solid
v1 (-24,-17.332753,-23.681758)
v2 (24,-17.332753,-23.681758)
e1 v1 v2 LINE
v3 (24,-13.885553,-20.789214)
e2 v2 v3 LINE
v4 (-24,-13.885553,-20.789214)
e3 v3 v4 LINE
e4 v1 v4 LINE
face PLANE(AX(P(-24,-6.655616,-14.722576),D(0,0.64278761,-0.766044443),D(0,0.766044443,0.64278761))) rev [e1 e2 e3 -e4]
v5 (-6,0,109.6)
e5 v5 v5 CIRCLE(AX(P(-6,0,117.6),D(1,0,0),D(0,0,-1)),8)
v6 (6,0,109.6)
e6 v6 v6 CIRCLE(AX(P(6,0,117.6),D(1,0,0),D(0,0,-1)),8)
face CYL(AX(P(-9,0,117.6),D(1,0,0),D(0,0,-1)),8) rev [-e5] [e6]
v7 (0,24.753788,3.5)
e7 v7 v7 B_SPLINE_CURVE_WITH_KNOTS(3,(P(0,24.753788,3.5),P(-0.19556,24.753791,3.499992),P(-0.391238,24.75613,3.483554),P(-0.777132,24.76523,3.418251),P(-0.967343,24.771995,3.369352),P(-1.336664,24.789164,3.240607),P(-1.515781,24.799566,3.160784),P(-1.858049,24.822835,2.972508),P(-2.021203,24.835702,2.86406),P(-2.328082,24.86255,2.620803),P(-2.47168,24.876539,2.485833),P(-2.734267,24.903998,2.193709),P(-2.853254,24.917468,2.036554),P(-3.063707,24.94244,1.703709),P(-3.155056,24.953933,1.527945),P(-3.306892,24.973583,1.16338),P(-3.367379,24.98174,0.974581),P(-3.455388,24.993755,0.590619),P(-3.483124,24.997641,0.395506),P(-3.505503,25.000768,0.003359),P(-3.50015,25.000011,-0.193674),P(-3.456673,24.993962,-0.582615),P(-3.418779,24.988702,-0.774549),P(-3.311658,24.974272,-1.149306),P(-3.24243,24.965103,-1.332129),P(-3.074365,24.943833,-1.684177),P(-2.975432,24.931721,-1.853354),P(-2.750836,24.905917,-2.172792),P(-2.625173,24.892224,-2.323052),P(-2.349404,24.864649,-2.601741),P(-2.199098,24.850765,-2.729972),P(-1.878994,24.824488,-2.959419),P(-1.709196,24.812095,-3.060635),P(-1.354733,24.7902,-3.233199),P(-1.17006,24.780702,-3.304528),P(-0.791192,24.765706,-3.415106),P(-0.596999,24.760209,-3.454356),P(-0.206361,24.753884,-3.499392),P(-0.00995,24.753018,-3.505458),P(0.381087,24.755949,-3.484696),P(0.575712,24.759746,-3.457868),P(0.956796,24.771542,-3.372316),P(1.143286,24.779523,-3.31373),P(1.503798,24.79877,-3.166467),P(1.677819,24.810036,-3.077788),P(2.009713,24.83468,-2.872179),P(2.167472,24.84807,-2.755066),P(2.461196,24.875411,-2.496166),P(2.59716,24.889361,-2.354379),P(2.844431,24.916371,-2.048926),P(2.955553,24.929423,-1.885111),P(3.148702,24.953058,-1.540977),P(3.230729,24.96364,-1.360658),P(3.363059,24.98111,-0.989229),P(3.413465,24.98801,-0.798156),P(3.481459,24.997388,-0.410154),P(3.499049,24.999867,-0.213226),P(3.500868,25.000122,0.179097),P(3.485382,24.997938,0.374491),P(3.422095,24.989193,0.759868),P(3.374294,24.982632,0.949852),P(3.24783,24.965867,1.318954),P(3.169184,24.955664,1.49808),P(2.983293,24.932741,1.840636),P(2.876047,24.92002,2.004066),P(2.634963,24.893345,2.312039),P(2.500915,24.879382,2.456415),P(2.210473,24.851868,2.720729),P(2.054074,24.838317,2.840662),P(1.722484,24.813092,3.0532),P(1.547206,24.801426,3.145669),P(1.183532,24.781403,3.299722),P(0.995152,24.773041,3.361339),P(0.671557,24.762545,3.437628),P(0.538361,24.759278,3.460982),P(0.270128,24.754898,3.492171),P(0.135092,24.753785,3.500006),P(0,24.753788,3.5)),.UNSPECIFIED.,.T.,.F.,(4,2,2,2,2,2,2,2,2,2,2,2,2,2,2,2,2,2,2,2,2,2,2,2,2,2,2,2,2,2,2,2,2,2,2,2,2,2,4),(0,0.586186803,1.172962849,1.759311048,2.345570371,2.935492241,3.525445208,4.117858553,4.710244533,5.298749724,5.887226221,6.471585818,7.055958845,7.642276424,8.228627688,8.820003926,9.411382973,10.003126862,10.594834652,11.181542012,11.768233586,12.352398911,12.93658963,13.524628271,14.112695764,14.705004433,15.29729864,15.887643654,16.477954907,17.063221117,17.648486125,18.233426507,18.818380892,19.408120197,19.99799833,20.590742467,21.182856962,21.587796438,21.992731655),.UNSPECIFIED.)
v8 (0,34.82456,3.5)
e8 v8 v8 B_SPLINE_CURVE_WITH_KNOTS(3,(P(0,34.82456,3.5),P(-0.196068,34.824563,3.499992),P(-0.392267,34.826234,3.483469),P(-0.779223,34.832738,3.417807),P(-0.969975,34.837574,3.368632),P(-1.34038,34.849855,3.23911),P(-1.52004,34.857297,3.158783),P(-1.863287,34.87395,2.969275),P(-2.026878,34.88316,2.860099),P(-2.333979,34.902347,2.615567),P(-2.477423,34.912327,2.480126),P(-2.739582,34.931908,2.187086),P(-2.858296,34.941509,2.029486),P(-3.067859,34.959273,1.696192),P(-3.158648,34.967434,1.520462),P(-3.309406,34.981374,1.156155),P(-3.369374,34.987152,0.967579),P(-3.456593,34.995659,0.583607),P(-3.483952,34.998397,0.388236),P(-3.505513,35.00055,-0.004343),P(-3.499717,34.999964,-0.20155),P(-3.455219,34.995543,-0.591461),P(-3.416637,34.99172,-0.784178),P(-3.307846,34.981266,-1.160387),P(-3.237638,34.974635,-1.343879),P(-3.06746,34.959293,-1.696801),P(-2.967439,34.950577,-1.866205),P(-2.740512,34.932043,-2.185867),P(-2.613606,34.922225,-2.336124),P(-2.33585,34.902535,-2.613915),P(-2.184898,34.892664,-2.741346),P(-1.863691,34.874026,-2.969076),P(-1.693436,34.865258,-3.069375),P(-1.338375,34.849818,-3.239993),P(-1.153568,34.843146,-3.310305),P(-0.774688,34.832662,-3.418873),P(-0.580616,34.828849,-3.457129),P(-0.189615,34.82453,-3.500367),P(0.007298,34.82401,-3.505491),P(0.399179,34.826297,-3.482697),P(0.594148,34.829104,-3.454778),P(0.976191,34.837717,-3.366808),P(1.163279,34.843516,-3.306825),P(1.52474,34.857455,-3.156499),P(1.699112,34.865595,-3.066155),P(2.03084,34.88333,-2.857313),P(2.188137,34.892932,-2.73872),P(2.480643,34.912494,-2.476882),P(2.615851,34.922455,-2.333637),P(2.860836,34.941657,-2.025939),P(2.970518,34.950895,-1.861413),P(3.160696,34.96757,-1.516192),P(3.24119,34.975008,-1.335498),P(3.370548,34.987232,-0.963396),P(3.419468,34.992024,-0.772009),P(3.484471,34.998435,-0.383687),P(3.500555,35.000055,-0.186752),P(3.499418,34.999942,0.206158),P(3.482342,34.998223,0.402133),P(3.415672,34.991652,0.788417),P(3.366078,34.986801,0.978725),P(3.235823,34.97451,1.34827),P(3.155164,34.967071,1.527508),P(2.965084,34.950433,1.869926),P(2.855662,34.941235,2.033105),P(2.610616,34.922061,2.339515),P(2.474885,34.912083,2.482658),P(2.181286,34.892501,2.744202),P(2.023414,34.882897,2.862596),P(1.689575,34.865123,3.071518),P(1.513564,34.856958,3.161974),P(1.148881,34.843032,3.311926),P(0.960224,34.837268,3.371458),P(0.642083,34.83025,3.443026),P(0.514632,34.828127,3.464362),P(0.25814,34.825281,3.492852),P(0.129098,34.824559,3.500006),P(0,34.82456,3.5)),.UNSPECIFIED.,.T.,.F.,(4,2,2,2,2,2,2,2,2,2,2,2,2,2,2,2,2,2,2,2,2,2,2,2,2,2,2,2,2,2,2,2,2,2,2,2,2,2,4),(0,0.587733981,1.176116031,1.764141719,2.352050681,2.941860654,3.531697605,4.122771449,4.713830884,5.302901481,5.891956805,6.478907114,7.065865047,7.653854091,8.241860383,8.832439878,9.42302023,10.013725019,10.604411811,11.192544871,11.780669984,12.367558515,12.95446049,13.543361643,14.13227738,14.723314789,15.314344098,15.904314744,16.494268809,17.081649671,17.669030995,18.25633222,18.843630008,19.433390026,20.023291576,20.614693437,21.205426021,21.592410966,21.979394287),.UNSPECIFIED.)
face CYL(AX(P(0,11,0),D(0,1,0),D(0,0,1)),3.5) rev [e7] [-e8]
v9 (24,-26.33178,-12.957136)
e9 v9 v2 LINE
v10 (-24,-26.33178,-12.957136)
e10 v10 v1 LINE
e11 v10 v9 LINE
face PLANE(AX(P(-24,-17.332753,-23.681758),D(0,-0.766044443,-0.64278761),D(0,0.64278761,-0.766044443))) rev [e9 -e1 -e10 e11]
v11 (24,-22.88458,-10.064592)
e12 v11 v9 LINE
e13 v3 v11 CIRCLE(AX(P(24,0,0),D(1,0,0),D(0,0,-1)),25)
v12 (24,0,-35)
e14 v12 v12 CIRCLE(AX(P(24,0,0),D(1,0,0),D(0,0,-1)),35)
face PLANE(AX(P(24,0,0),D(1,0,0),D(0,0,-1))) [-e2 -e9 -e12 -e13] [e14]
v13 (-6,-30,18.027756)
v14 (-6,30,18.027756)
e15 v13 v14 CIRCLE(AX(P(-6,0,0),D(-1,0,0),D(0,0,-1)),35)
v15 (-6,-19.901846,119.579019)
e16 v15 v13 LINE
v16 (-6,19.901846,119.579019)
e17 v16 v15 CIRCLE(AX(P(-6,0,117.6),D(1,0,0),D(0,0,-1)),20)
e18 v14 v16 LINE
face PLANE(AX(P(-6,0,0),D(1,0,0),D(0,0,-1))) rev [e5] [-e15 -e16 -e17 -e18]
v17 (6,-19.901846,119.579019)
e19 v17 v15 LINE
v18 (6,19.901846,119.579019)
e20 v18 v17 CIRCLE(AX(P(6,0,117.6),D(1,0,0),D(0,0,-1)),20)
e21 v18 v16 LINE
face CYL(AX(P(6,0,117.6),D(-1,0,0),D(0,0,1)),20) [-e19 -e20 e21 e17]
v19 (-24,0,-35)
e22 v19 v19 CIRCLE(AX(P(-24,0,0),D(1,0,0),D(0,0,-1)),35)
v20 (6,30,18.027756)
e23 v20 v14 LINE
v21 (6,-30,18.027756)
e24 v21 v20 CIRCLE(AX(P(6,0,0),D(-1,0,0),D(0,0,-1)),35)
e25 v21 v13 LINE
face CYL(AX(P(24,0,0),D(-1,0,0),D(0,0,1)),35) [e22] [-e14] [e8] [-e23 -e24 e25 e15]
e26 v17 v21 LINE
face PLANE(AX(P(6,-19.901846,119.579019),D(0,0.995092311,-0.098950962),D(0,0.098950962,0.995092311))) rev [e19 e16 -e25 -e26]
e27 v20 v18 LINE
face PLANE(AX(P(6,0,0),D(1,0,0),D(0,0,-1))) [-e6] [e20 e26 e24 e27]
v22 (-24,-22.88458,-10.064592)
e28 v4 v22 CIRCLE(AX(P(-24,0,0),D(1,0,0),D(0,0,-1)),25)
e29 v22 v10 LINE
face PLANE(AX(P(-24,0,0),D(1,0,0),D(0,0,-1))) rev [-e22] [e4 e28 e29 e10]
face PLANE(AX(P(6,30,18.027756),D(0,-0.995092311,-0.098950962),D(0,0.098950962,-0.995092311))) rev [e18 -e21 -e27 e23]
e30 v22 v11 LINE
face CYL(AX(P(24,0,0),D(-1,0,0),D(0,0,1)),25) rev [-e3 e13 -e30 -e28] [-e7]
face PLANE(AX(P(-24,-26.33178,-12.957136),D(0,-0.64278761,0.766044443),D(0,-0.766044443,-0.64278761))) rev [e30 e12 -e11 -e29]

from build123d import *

# Parameters (mm, degrees)
SKETCH1_R           = 35
SKETCH1_R_2         = 25
BOSS_EXTRUDE1_DEPTH = 24
BOSS_EXTRUDE2_DEPTH = 6
SKETCH3_R           = 8
CUT_EXTRUDE1_DEPTH  = 15
CUT_EXTRUDE2_DEPTH  = 150.875815261
SKETCH6_R           = 3.5
CUT_EXTRUDE3_DEPTH  = 24


with BuildPart() as part:
    # Sketch1 → Boss-Extrude1 (new, symmetric)
    with BuildSketch(Plane(origin=(0, 0, 0), x_dir=(0, 0, -1), z_dir=(1, 0, 0))):
        Circle(SKETCH1_R)
        Circle(SKETCH1_R_2, mode=Mode.SUBTRACT)
    extrude(amount=BOSS_EXTRUDE1_DEPTH, both=True)

    # Sketch2 → Boss-Extrude2 (add, symmetric)
    with BuildSketch(Plane(origin=(0, 0, 0), x_dir=(0, 0, -1), z_dir=(1, 0, 0))):
        with BuildLine():
            Line((-18.027756377, 30), (-119.579019246, 19.901846216))
            ThreePointArc((-119.579019246, 19.901846216), (-137.6, 0), (-119.579019246, -19.901846216))
            Line((-119.579019246, -19.901846216), (-18.027756377, -30))
            ThreePointArc((-18.027756377, -30), (-35, 0), (-18.027756377, 30))
        make_face()
    extrude(amount=BOSS_EXTRUDE2_DEPTH, both=True)

    # Sketch3 → Cut-Extrude1 (cut)
    with BuildSketch(Plane(origin=(6, 0, 0), x_dir=(0, 0, -1), z_dir=(1, 0, 0))):
        with Locations((-117.6, 0)):
            Circle(SKETCH3_R)
    extrude(amount=-CUT_EXTRUDE1_DEPTH, mode=Mode.SUBTRACT)

    # Sketch5 → Cut-Extrude2 (cut, through all)
    with BuildSketch(Plane(origin=(24, 0, 0), x_dir=(0, 0, -1), z_dir=(1, 0, 0))):
        Polygon((23.681757978, -17.332753361), (12.957135774, -26.331779897), (3.997953594, -15.654642346), (14.722575797, -6.655615811), align=None)
    extrude(amount=-CUT_EXTRUDE2_DEPTH, mode=Mode.SUBTRACT)

    # Sketch6 → Cut-Extrude3 (cut)
    with BuildSketch(Plane(origin=(0, 35, 0), x_dir=(-1, 0, 0), z_dir=(0, 1, 0))):
        with Locations(Location((0, 0, 0), (0, 0, 90))):
            Circle(SKETCH6_R)
    extrude(amount=-CUT_EXTRUDE3_DEPTH, mode=Mode.SUBTRACT)


solid = part.part
